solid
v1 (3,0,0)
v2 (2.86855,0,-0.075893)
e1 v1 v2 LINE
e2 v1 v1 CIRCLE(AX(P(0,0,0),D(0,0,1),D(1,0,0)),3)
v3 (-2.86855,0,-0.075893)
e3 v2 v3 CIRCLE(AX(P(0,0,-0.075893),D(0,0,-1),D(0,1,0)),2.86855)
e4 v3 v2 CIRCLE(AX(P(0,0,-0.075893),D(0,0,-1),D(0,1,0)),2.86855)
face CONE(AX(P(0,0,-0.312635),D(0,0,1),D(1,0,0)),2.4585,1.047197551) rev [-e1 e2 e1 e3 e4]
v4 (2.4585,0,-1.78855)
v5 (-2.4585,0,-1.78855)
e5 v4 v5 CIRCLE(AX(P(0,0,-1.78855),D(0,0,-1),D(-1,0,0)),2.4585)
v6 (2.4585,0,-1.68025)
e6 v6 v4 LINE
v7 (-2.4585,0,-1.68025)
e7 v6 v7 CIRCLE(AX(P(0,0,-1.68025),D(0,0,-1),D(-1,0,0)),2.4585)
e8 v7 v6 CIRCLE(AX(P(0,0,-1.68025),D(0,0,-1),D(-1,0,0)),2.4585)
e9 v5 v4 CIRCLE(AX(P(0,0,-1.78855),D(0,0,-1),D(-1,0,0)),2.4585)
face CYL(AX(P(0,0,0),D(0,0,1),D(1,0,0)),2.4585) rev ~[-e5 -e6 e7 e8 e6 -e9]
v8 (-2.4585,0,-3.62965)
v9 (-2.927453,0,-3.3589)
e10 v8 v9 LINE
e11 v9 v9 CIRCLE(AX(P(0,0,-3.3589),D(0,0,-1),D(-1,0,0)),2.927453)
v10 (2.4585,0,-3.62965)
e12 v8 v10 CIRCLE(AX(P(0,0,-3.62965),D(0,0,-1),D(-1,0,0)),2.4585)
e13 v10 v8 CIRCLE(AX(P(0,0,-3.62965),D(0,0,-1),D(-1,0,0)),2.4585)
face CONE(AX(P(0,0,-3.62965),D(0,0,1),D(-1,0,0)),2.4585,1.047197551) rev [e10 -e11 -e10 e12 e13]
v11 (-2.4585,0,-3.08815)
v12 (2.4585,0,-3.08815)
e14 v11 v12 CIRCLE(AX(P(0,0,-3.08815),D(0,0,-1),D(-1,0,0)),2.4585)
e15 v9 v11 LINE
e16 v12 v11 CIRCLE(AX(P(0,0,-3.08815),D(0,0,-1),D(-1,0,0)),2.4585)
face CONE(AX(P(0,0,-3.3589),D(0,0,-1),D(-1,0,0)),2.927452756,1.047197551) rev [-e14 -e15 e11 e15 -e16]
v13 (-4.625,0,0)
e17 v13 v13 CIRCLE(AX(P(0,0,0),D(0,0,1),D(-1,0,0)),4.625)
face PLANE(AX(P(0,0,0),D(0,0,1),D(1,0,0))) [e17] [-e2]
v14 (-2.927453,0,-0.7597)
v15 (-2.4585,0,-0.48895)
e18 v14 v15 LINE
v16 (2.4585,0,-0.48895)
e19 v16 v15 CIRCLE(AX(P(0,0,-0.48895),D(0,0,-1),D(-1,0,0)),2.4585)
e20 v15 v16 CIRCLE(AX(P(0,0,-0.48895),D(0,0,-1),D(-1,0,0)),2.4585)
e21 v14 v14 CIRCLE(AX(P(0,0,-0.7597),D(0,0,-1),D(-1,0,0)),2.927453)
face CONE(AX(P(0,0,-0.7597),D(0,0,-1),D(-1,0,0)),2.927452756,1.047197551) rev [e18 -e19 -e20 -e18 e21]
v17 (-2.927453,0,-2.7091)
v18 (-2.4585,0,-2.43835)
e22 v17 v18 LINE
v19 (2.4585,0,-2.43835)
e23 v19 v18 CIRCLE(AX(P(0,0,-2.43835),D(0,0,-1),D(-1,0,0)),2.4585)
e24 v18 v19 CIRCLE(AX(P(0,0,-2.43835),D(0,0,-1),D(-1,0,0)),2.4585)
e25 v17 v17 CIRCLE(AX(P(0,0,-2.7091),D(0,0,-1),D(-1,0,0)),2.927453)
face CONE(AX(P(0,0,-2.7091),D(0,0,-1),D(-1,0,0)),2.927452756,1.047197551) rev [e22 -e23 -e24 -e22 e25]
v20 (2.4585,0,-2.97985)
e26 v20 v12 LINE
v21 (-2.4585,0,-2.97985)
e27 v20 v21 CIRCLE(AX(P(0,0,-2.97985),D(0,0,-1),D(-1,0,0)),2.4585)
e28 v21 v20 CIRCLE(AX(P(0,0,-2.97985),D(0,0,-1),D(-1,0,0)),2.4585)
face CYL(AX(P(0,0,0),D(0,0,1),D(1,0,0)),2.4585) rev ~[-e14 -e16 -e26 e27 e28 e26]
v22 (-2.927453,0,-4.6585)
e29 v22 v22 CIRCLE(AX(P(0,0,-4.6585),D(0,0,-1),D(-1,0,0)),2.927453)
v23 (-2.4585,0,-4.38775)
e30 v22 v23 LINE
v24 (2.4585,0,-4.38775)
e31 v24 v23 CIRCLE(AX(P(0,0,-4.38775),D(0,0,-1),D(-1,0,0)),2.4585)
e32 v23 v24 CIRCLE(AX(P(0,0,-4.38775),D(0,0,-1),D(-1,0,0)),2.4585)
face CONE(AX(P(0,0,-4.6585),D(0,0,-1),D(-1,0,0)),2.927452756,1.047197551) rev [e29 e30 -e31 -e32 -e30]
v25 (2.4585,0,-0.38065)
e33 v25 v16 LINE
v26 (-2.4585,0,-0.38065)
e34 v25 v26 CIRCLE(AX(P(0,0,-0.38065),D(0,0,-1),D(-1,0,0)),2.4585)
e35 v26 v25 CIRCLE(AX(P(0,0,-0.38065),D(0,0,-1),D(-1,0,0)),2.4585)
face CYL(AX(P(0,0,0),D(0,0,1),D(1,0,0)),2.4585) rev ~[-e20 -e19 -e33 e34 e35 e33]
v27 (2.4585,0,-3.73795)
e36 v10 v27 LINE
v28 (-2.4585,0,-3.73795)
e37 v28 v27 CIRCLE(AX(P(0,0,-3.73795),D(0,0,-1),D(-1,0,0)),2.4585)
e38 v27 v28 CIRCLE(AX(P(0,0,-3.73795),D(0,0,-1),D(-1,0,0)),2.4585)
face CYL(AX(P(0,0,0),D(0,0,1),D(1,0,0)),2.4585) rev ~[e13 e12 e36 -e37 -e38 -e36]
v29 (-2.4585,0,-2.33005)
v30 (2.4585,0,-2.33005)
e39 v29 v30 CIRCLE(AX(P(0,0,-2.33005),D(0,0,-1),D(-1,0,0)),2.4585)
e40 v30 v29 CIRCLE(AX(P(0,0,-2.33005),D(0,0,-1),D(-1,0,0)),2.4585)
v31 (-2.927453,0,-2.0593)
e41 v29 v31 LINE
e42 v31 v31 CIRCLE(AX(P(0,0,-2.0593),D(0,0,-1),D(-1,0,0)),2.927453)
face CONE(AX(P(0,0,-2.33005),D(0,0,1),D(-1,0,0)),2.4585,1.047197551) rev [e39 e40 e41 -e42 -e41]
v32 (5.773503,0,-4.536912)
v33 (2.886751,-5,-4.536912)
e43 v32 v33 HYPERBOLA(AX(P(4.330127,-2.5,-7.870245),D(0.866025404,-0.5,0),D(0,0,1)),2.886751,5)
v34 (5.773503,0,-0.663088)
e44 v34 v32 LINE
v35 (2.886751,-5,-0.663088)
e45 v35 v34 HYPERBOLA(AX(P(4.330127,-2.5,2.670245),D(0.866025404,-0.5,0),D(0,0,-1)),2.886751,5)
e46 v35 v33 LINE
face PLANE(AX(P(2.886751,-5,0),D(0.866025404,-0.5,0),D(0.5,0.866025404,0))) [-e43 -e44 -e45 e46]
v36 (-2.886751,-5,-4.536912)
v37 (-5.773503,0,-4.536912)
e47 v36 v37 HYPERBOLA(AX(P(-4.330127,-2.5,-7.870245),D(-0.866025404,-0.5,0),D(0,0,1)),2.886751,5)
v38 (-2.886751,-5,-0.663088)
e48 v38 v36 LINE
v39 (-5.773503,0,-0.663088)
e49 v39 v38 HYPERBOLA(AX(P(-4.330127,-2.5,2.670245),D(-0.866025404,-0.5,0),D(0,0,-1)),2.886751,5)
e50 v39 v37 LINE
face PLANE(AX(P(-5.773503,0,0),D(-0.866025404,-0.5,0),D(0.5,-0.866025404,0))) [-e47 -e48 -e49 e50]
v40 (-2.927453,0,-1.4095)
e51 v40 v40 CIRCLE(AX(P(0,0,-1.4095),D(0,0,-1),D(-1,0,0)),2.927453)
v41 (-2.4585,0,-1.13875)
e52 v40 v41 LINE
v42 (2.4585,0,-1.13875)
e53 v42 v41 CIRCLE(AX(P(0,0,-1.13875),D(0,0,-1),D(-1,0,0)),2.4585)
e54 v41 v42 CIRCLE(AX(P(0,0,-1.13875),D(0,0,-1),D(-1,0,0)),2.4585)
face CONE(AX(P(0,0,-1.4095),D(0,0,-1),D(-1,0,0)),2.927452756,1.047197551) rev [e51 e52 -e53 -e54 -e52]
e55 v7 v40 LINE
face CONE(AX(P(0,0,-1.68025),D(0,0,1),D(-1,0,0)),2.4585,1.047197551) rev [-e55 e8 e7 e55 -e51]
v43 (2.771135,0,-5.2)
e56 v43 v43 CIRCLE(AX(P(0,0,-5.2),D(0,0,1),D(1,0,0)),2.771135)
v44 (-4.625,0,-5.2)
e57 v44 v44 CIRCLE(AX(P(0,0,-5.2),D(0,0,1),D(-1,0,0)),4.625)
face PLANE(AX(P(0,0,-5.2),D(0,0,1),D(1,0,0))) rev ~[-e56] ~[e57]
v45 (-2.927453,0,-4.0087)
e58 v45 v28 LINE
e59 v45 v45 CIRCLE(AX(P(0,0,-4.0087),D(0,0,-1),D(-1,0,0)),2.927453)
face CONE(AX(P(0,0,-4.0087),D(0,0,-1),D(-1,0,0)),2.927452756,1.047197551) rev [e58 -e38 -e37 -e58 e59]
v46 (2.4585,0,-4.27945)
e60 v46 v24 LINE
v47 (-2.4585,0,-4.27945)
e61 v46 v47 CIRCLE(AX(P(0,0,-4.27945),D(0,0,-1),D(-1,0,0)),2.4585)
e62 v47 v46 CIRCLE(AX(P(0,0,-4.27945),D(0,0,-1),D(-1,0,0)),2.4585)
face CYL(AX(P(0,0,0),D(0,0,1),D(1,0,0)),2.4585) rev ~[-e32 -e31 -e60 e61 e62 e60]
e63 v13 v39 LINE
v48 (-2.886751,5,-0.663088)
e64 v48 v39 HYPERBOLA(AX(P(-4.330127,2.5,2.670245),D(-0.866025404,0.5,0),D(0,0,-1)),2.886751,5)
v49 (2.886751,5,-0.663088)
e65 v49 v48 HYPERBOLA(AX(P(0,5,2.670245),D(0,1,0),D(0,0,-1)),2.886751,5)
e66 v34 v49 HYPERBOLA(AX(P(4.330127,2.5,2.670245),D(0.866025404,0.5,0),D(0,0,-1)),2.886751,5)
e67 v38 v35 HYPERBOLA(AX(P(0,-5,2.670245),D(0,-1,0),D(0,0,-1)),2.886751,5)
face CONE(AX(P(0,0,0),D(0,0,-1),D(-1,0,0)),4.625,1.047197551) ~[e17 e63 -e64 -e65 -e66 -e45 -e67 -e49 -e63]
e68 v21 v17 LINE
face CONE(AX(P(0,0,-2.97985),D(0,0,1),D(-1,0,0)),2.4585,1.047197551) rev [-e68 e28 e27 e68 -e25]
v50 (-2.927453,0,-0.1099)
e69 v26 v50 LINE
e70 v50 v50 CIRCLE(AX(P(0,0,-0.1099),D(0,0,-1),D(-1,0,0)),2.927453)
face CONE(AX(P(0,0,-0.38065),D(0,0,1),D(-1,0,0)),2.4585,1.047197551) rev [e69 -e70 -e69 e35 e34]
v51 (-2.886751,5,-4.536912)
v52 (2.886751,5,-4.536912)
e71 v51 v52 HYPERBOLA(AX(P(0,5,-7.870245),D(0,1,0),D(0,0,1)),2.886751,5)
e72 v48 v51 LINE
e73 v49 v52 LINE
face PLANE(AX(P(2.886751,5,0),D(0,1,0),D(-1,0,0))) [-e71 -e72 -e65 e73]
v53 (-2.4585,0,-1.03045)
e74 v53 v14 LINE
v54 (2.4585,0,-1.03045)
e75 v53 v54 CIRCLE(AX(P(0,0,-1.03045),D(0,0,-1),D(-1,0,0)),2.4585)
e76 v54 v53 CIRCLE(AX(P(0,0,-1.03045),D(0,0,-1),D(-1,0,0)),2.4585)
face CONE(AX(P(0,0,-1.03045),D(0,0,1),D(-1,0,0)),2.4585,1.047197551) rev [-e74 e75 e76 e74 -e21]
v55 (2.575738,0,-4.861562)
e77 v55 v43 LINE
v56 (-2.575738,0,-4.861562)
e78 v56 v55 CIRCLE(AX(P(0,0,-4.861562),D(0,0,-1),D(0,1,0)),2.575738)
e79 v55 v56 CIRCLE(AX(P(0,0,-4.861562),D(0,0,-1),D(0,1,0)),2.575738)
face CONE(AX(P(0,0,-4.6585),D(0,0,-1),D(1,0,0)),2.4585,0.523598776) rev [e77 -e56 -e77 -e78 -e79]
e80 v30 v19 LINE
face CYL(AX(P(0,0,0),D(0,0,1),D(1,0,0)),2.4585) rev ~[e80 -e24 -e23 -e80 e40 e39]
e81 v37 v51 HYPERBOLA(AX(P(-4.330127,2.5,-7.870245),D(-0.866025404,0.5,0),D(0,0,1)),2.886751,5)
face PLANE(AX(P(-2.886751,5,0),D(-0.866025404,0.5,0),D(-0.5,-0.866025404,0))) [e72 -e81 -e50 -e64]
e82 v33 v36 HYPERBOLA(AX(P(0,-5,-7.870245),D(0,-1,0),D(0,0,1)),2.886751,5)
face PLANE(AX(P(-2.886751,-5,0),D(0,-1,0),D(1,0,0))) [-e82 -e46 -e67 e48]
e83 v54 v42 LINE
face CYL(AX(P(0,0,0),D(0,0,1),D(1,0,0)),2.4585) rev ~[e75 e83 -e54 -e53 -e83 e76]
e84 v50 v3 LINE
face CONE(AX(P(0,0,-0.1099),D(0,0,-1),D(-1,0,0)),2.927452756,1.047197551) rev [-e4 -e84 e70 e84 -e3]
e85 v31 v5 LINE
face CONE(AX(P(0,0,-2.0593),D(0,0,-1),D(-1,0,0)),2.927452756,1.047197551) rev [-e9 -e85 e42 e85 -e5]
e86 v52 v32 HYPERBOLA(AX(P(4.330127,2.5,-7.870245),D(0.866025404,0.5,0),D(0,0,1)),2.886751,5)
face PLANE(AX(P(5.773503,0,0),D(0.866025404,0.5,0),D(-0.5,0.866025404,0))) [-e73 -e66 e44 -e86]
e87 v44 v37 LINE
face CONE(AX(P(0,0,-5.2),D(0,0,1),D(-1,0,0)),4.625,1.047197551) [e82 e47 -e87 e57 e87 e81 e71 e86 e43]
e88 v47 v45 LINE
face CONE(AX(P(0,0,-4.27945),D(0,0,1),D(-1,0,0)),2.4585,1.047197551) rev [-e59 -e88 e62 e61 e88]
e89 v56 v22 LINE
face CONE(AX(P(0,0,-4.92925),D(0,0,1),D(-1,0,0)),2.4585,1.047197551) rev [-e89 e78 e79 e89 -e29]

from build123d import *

# Parameters (mm, degrees)
SKETCH1_R               = 2.4585
BASENUT_DEPTH           = 5.2
ENDCHAMFER_SIZE         = 0.5415
ENDCHAMFER_SIZE2        = 0.312635171
ENDCHAMFER_PART_2_SIZE  = 0.5415
ENDCHAMFER_PART_2_SIZE2 = 0.312635171
LPATTERN10_COUNT        = 8
LPATTERN10_PITCH        = 0.6498


with BuildPart() as part:
    # Sketch1 → BaseNut (new body)
    with BuildSketch(Plane.XY):
        Polygon((5.773502692, 0), (2.886751346, 5), (-2.886751346, 5), (-5.773502692, 0), (-2.886751346, -5), (2.886751346, -5), align=None)
        Circle(SKETCH1_R, mode=Mode.SUBTRACT)
    extrude(amount=-BASENUT_DEPTH)

    # Sketch2 → Double-Chamfer (revolve, cut)
    with BuildSketch(Plane(origin=(0, 0, 0), x_dir=(1, 0, 0), z_dir=(0, 1, 0))):
        Polygon((-5.773502692, 5.2), (-4.625, 5.2), (-5.773502692, 4.536911662), align=None)
        Polygon((-5.773502692, 0.663088338), (-5.773502692, 0), (-4.625, 0), align=None)
    revolve(axis=Axis((0, 0, -3.375940562), (0, 0, 1)), mode=Mode.SUBTRACT)

    # EndChamfer
    endchamfer_edges = [part.edges().sort_by_distance(p)[0] for p in [
        (-2.4585, 0, -5.2),
    ]]
    endchamfer_side = [part.faces().sort_by_distance(p)[0] for p in [
        (-2.4585, 0, -2.6),
    ]]
    chamfer(endchamfer_edges, length=ENDCHAMFER_SIZE, length2=ENDCHAMFER_SIZE2, reference=endchamfer_side[0])

    # EndChamfer part 2
    endchamfer_part_2_edges = [part.edges().sort_by_distance(p)[0] for p in [
        (-2.4585, 0, 0),
    ]]
    endchamfer_part_2_side = [part.faces().sort_by_distance(p)[0] for p in [
        (4.494185245, 0, 0),
    ]]
    chamfer(endchamfer_part_2_edges, length=ENDCHAMFER_PART_2_SIZE, length2=ENDCHAMFER_PART_2_SIZE2, reference=endchamfer_part_2_side[0])

    # Sketch3 → Cut-Revolve10 (revolve, cut)
    with BuildSketch(Plane(origin=(0, 0, 0), x_dir=(1, 0, 0), z_dir=(0, 1, 0))):
        Polygon((-2.927452756, 4.6585), (-2.4585, 4.38775), (-1.917, 4.38775), (-1.917, 4.92925), (-2.4585, 4.92925), align=None)
    cut_revolve10 = revolve(axis=Axis((0, 0, -7.438254559), (0, 0, -1)), mode=Mode.SUBTRACT)

    # LPattern10: Cut-Revolve10 ×8
    with Locations(*[(0, 0, i * LPATTERN10_PITCH) for i in range(1, LPATTERN10_COUNT)]):
        add(cut_revolve10, mode=Mode.SUBTRACT)


solid = part.part
